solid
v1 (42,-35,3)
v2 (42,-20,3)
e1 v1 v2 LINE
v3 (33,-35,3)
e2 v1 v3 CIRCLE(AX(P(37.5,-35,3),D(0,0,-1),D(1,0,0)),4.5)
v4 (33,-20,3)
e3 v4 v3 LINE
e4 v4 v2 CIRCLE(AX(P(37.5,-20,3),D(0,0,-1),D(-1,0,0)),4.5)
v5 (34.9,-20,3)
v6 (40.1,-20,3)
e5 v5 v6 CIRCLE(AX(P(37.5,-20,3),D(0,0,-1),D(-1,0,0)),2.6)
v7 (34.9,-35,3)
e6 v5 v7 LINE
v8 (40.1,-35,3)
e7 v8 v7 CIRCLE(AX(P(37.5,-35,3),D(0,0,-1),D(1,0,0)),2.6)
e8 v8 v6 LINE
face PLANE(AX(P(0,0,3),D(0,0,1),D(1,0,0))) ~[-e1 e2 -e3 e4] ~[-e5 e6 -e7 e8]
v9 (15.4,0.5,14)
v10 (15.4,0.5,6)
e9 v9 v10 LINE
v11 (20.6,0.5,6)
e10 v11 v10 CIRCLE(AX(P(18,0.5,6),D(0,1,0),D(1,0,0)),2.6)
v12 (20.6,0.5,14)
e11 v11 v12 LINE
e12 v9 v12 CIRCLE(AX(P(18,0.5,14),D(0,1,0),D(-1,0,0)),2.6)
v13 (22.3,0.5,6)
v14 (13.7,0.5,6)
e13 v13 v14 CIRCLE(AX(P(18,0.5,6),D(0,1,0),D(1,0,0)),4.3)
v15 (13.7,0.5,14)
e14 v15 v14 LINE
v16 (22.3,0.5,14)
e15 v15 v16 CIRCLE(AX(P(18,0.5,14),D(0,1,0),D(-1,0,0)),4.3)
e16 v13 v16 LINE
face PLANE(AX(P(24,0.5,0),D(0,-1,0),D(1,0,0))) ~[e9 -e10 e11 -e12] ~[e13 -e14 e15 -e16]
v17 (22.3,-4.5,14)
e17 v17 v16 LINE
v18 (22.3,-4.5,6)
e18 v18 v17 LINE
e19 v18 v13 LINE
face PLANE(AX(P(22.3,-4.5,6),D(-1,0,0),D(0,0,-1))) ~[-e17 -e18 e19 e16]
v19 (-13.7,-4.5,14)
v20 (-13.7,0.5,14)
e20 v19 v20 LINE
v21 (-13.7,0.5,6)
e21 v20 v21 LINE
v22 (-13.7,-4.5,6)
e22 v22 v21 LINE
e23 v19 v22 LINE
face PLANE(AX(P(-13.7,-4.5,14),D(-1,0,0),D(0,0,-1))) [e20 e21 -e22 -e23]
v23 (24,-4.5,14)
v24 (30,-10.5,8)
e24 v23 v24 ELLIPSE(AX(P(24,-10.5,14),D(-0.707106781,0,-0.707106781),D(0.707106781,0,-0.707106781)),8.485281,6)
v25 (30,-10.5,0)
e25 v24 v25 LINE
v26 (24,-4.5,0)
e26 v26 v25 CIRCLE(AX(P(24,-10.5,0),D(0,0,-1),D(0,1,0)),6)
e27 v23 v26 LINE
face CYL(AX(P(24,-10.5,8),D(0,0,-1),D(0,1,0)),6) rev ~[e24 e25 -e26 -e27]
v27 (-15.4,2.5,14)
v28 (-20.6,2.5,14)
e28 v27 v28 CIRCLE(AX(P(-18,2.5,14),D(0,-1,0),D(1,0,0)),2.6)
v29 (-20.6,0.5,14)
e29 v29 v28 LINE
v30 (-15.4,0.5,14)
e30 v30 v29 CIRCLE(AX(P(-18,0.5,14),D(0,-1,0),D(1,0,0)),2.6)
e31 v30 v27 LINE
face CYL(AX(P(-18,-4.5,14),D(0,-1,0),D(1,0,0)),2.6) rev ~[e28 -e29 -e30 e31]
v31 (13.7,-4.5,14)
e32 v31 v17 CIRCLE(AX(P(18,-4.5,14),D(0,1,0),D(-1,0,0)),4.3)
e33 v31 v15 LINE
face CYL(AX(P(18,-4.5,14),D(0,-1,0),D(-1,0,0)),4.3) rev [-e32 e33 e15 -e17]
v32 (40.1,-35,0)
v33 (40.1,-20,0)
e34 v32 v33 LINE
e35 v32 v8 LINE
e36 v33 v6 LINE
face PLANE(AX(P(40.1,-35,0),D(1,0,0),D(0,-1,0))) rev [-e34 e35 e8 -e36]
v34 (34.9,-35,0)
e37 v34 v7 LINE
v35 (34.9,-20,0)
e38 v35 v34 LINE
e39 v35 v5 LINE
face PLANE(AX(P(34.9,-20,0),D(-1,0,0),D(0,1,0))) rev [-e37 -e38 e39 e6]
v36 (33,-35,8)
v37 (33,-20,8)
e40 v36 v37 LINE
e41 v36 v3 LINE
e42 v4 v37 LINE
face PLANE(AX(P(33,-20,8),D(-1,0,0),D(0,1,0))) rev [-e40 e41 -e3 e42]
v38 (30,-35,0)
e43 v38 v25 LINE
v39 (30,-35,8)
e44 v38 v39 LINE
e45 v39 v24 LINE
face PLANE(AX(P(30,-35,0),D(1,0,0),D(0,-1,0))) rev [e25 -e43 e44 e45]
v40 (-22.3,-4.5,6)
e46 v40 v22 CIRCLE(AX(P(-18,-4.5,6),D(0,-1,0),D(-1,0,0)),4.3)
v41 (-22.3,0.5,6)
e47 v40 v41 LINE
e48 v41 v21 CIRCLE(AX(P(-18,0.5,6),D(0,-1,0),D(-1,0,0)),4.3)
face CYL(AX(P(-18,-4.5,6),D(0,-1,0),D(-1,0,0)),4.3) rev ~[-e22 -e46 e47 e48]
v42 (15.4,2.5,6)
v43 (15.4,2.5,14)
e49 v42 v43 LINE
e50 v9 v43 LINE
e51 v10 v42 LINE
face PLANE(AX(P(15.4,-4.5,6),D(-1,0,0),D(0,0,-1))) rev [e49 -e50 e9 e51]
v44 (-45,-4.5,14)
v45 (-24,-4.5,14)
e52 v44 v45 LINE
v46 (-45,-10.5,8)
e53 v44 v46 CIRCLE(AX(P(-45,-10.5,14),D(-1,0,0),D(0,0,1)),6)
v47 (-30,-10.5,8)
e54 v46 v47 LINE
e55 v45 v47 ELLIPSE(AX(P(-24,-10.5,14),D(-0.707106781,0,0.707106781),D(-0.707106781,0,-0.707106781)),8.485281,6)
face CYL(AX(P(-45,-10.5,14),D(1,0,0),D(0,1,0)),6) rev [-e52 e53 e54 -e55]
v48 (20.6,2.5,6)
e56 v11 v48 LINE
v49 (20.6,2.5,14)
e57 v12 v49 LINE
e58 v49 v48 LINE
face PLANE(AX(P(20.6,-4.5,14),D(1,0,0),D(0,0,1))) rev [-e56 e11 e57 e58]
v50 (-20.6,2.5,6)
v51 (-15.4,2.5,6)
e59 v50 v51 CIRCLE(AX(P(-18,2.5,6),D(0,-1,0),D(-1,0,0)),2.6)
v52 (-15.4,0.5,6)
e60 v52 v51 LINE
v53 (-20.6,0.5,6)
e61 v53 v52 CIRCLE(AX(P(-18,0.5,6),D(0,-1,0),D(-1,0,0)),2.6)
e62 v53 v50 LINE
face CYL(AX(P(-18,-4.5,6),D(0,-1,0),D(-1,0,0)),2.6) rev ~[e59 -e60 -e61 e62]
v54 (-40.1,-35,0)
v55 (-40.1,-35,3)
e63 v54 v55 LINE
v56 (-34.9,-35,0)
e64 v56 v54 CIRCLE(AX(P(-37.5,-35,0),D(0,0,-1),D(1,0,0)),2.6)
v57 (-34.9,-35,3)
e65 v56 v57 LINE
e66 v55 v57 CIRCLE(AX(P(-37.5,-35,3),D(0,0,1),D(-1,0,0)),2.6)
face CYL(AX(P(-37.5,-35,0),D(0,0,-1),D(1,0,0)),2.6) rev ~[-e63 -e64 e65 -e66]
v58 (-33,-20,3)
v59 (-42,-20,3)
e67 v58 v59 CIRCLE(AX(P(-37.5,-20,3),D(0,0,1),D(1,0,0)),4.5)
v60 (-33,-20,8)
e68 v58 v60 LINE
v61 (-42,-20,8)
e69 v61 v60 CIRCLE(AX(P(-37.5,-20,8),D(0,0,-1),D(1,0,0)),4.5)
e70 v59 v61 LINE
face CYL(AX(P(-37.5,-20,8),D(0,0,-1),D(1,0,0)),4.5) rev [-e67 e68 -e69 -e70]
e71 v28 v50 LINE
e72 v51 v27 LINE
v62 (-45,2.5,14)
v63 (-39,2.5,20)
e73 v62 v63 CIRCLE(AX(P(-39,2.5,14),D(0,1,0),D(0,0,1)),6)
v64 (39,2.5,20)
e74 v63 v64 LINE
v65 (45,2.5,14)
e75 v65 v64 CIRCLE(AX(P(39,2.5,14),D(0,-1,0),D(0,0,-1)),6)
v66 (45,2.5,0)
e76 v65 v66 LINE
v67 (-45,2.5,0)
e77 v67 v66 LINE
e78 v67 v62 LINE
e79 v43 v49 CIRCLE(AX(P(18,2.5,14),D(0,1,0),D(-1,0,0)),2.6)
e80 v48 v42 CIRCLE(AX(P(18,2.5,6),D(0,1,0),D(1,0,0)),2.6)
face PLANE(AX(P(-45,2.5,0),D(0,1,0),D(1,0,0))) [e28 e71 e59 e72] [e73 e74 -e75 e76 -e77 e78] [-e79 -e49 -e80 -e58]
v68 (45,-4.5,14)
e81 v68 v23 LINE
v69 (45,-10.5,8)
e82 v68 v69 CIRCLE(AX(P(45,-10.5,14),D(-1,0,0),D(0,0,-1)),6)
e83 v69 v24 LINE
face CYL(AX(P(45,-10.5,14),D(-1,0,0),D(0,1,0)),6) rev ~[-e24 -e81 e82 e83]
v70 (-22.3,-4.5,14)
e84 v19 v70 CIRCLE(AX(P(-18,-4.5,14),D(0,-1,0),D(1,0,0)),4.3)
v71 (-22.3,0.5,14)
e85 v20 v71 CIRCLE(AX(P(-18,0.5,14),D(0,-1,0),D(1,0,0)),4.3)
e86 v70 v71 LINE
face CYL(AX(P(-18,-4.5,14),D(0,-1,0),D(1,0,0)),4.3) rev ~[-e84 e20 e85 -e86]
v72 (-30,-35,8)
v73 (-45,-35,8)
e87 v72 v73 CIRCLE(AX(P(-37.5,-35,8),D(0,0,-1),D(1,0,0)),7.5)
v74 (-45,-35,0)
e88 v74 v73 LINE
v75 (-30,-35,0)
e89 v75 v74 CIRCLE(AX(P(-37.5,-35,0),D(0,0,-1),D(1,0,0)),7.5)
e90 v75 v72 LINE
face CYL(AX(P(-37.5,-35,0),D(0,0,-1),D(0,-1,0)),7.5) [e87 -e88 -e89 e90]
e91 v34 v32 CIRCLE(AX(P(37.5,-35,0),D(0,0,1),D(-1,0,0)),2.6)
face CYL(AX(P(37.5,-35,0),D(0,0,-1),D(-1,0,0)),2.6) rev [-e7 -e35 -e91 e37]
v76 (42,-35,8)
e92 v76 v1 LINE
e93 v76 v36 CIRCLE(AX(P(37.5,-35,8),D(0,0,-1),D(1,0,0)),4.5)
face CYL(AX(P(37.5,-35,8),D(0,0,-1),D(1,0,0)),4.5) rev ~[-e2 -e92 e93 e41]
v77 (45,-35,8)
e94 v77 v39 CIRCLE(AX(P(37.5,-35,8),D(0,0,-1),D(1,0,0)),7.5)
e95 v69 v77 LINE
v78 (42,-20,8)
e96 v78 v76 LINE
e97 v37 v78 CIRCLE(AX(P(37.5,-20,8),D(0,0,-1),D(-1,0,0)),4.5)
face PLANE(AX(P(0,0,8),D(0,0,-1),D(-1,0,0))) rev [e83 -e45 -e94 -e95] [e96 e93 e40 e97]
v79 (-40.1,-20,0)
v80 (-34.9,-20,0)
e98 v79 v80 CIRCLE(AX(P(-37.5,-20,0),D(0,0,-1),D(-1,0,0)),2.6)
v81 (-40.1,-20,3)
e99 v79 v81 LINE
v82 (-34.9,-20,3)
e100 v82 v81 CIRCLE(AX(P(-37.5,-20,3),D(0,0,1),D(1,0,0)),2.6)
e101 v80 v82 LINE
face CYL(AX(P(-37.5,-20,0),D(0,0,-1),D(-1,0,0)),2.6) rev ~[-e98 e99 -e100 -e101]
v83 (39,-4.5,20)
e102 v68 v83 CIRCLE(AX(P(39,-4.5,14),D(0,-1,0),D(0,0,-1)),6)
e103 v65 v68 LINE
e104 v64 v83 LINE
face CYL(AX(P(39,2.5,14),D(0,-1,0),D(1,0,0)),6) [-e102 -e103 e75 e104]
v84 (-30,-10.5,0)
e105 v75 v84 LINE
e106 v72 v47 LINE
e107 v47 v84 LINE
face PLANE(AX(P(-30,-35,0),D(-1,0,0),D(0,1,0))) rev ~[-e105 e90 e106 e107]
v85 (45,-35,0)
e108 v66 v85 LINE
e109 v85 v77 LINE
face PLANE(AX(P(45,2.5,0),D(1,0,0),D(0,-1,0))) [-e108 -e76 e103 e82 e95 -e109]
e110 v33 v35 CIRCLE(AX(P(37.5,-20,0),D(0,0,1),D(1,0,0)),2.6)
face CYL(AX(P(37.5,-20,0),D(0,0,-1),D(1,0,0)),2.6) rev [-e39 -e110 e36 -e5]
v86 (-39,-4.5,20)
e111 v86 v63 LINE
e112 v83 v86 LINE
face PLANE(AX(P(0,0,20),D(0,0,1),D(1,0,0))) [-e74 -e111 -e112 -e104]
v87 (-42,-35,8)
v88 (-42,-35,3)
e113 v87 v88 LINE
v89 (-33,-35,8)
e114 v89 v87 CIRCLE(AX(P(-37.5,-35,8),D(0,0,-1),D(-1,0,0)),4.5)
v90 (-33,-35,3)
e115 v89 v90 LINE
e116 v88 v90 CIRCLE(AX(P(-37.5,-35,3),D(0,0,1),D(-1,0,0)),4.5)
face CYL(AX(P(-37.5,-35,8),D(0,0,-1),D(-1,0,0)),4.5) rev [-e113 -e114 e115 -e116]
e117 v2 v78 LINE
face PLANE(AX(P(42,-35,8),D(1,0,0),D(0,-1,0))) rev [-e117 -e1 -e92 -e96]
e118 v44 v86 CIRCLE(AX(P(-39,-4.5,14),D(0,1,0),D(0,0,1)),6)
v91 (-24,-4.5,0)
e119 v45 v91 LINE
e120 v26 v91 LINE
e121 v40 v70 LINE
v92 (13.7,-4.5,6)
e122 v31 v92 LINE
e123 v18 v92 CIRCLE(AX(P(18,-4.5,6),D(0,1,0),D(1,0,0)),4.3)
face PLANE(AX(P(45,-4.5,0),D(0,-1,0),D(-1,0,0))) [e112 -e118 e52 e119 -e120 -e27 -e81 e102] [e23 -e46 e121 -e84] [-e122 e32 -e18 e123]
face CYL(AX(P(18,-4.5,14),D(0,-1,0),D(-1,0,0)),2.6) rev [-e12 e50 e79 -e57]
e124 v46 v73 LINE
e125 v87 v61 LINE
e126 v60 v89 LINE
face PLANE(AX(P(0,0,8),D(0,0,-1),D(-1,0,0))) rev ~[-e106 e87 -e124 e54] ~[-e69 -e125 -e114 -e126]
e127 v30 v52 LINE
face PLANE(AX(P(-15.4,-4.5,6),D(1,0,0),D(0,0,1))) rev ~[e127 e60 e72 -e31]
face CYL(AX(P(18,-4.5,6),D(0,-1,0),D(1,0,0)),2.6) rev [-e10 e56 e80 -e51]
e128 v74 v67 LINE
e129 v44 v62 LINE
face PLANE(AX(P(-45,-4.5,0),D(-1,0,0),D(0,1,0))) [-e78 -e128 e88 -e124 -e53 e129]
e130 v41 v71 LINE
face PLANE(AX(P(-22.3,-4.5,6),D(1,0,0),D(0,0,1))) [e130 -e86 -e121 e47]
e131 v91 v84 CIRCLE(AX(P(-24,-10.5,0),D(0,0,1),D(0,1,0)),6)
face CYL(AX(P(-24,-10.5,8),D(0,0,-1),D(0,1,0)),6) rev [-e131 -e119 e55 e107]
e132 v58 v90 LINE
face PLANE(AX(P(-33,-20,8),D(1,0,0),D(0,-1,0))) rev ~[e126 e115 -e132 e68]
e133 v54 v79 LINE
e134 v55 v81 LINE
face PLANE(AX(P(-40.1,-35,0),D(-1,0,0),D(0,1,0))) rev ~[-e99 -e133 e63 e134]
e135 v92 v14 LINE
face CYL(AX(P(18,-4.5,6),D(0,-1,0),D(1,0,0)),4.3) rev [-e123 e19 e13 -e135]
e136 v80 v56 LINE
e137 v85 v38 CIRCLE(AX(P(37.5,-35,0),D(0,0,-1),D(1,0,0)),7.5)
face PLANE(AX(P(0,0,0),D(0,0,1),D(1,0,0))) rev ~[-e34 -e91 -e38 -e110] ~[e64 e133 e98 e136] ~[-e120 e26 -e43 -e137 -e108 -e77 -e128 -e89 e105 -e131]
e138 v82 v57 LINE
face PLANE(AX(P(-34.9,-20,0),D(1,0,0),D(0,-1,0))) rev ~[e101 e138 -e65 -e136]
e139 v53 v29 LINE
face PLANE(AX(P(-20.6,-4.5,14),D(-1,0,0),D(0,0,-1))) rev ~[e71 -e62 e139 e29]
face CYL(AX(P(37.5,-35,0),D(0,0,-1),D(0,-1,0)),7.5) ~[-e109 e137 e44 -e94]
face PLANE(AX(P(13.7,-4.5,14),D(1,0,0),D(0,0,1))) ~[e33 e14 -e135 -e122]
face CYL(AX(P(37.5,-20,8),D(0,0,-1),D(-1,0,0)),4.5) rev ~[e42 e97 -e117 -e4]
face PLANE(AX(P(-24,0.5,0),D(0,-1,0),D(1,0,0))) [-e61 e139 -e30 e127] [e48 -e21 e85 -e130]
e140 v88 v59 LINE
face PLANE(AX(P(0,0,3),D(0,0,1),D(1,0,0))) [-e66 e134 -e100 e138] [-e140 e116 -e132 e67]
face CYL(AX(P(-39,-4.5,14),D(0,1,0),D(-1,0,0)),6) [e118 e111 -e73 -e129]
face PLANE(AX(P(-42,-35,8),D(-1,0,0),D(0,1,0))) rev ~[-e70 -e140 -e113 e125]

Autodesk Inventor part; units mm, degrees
ref_plane "YZ Plane" through (0, 0, 0) normal (1, 0, 0) x (0, 1, 0)
ref_plane "XZ Plane" through (0, 0, 0) normal (0, 1, 0) x (-1, 0, 0)
ref_plane "XY Plane" through (0, 0, 0) normal (0, 0, 1) x (1, 0, 0)
sketch "Skizze1" plane through (0, 0, 0) normal (0, 0, 1) x (1, 0, 0)
  line L0 (-45, 2.5) -> (45, 2.5)
  line L1 (45, 2.5) -> (45, -4.5)
  line L2 (45, -4.5) -> (-45, -4.5)
  line L3 (-45, -4.5) -> (-45, 2.5)
  point P0 (0, 0)
  dimension "d0" = 7
  dimension "d1" = 90
  dimension "d2" = 45
  dimension "d3" = 2.5
extrude "Extrusion1" add sketch "Skizze1" along normal blind 20
sketch "Skizze2" plane through (0, 0, 0) normal (0, 0, -1) x (-1, 0, 0)
  line L0 (-45, 2.5) -> (45, 2.5) projected
  line L1 (37.5, -42.5) -> (37.5, -42.5)
  line L2 (30, -35) -> (30, 2.5)
  line L3 (30, 2.5) -> (45, 2.5)
  line L4 (45, 2.5) -> (45, -35)
  line L5 (45, 2.5) -> (45, -4.5) projected
  arc A0 (30, -35) -> (37.5, -42.5) centre (37.5, -35) ccw
  arc A1 (37.5, -42.5) -> (45, -35) centre (37.5, -35) ccw
  line L6 (37.5, -35) -> (37.5, -20) construction
  line L7 (40.1, -35) -> (40.1, -20)
  line L8 (34.9, -20) -> (34.9, -35)
  arc A2 (34.9, -35) -> (40.1, -35) centre (37.5, -35) ccw
  arc A3 (40.1, -20) -> (34.9, -20) centre (37.5, -20) ccw
  point P0 (0, 0)
  point P1 (37.5, -27.5)
  dimension "d8" = 45
  dimension "d9" = 7.5
  dimension "d14" = 5.2
  dimension "d15" = 15
  dimension "d16" = 4.9
  dimension "d38" = 4.9
extrude "Extrusion2" add sketch "Skizze2" against normal blind 8
fillet "Rundung2" radius 6 2 edges at (-30, -4.5, 4) (-37.5, -4.5, 8)
sketch "Skizze3" plane through (0, 0, 8) normal (0, 0, 1) x (1, 0, 0)
  line L0 (-34.9, -20) -> (-34.9, -35) projected
  arc A0 (-34.9, -20) -> (-40.1, -20) centre (-37.5, -20) ccw projected
  line L1 (-40.1, -35) -> (-40.1, -20) projected
  arc A1 (-40.1, -35) -> (-34.9, -35) centre (-37.5, -35) ccw projected
  arc A2 (-33, -20) -> (-42, -20) centre (-37.5, -20) ccw
  line L2 (-33, -20) -> (-33, -35)
  arc A3 (-42, -35) -> (-33, -35) centre (-37.5, -35) ccw
  line L3 (-42, -35) -> (-42, -20)
  point P0 (0, 0)
  dimension "d20" = 9
extrude "Extrusion3" cut sketch "Skizze3" along normal blind 5 and the other way blind 5
mirror "Spiegeln1" about plane through (0, 0, 0) normal (1, 0, 0) of "Extrusion2", "Rundung2", "Extrusion3"
sketch "Skizze4" plane through (-24, -4.5, 0) normal (0, -1, 0) x (1, 0, 0)
  line L0 (6, 14) -> (6, 6) construction
  line L1 (3.4, 14) -> (3.4, 6)
  line L2 (8.6, 6) -> (8.6, 14)
  arc A0 (8.6, 14) -> (3.4, 14) centre (6, 14) ccw
  arc A1 (3.4, 6) -> (8.6, 6) centre (6, 6) ccw
  line L3 (0, 0) -> (48, 0) projected
  line L4 (-21, 20) -> (69, 20) projected
  point P0 (24, 0)
  point P1 (6, 10)
  point P2 (52, 0)
  point P3 (69, 0)
  point P4 (-15, 20)
  dimension "d26" = 5.2
  dimension "d27" = 8
  dimension "d29" = 6
  dimension "d30" = 18
  dimension "d39" = 6
extrude "Extrusion4" cut sketch "Skizze4" against normal up to surface (7 mm away)
sketch "Skizze5" plane through (-24, -4.5, 0) normal (0, -1, 0) x (1, 0, 0)
  arc A0 (8.6, 14) -> (3.4, 14) centre (6, 14) ccw projected
  line L0 (3.4, 6) -> (3.4, 14) projected
  line L1 (8.6, 14) -> (8.6, 6) projected
  arc A1 (3.4, 6) -> (8.6, 6) centre (6, 6) ccw projected
  arc A2 (10.3, 14) -> (1.7, 14) centre (6, 14) ccw
  line L2 (10.3, 14) -> (10.3, 6)
  arc A3 (1.7, 6) -> (10.3, 6) centre (6, 6) ccw
  line L3 (1.7, 6) -> (1.7, 14)
  point P0 (24, 0)
  dimension "d33" = 8.6
extrude "Extrusion5" cut sketch "Skizze5" against normal blind 5
mirror "Spiegeln2" about plane through (0, 0, 0) normal (1, 0, 0) of "Extrusion4", "Extrusion5"
fillet "Rundung7" radius 6 2 edges at (-45, -1, 20) (45, -1, 20)
properties part number "103.007.01_Einstellwinkel" material "Aluminium 6061"
